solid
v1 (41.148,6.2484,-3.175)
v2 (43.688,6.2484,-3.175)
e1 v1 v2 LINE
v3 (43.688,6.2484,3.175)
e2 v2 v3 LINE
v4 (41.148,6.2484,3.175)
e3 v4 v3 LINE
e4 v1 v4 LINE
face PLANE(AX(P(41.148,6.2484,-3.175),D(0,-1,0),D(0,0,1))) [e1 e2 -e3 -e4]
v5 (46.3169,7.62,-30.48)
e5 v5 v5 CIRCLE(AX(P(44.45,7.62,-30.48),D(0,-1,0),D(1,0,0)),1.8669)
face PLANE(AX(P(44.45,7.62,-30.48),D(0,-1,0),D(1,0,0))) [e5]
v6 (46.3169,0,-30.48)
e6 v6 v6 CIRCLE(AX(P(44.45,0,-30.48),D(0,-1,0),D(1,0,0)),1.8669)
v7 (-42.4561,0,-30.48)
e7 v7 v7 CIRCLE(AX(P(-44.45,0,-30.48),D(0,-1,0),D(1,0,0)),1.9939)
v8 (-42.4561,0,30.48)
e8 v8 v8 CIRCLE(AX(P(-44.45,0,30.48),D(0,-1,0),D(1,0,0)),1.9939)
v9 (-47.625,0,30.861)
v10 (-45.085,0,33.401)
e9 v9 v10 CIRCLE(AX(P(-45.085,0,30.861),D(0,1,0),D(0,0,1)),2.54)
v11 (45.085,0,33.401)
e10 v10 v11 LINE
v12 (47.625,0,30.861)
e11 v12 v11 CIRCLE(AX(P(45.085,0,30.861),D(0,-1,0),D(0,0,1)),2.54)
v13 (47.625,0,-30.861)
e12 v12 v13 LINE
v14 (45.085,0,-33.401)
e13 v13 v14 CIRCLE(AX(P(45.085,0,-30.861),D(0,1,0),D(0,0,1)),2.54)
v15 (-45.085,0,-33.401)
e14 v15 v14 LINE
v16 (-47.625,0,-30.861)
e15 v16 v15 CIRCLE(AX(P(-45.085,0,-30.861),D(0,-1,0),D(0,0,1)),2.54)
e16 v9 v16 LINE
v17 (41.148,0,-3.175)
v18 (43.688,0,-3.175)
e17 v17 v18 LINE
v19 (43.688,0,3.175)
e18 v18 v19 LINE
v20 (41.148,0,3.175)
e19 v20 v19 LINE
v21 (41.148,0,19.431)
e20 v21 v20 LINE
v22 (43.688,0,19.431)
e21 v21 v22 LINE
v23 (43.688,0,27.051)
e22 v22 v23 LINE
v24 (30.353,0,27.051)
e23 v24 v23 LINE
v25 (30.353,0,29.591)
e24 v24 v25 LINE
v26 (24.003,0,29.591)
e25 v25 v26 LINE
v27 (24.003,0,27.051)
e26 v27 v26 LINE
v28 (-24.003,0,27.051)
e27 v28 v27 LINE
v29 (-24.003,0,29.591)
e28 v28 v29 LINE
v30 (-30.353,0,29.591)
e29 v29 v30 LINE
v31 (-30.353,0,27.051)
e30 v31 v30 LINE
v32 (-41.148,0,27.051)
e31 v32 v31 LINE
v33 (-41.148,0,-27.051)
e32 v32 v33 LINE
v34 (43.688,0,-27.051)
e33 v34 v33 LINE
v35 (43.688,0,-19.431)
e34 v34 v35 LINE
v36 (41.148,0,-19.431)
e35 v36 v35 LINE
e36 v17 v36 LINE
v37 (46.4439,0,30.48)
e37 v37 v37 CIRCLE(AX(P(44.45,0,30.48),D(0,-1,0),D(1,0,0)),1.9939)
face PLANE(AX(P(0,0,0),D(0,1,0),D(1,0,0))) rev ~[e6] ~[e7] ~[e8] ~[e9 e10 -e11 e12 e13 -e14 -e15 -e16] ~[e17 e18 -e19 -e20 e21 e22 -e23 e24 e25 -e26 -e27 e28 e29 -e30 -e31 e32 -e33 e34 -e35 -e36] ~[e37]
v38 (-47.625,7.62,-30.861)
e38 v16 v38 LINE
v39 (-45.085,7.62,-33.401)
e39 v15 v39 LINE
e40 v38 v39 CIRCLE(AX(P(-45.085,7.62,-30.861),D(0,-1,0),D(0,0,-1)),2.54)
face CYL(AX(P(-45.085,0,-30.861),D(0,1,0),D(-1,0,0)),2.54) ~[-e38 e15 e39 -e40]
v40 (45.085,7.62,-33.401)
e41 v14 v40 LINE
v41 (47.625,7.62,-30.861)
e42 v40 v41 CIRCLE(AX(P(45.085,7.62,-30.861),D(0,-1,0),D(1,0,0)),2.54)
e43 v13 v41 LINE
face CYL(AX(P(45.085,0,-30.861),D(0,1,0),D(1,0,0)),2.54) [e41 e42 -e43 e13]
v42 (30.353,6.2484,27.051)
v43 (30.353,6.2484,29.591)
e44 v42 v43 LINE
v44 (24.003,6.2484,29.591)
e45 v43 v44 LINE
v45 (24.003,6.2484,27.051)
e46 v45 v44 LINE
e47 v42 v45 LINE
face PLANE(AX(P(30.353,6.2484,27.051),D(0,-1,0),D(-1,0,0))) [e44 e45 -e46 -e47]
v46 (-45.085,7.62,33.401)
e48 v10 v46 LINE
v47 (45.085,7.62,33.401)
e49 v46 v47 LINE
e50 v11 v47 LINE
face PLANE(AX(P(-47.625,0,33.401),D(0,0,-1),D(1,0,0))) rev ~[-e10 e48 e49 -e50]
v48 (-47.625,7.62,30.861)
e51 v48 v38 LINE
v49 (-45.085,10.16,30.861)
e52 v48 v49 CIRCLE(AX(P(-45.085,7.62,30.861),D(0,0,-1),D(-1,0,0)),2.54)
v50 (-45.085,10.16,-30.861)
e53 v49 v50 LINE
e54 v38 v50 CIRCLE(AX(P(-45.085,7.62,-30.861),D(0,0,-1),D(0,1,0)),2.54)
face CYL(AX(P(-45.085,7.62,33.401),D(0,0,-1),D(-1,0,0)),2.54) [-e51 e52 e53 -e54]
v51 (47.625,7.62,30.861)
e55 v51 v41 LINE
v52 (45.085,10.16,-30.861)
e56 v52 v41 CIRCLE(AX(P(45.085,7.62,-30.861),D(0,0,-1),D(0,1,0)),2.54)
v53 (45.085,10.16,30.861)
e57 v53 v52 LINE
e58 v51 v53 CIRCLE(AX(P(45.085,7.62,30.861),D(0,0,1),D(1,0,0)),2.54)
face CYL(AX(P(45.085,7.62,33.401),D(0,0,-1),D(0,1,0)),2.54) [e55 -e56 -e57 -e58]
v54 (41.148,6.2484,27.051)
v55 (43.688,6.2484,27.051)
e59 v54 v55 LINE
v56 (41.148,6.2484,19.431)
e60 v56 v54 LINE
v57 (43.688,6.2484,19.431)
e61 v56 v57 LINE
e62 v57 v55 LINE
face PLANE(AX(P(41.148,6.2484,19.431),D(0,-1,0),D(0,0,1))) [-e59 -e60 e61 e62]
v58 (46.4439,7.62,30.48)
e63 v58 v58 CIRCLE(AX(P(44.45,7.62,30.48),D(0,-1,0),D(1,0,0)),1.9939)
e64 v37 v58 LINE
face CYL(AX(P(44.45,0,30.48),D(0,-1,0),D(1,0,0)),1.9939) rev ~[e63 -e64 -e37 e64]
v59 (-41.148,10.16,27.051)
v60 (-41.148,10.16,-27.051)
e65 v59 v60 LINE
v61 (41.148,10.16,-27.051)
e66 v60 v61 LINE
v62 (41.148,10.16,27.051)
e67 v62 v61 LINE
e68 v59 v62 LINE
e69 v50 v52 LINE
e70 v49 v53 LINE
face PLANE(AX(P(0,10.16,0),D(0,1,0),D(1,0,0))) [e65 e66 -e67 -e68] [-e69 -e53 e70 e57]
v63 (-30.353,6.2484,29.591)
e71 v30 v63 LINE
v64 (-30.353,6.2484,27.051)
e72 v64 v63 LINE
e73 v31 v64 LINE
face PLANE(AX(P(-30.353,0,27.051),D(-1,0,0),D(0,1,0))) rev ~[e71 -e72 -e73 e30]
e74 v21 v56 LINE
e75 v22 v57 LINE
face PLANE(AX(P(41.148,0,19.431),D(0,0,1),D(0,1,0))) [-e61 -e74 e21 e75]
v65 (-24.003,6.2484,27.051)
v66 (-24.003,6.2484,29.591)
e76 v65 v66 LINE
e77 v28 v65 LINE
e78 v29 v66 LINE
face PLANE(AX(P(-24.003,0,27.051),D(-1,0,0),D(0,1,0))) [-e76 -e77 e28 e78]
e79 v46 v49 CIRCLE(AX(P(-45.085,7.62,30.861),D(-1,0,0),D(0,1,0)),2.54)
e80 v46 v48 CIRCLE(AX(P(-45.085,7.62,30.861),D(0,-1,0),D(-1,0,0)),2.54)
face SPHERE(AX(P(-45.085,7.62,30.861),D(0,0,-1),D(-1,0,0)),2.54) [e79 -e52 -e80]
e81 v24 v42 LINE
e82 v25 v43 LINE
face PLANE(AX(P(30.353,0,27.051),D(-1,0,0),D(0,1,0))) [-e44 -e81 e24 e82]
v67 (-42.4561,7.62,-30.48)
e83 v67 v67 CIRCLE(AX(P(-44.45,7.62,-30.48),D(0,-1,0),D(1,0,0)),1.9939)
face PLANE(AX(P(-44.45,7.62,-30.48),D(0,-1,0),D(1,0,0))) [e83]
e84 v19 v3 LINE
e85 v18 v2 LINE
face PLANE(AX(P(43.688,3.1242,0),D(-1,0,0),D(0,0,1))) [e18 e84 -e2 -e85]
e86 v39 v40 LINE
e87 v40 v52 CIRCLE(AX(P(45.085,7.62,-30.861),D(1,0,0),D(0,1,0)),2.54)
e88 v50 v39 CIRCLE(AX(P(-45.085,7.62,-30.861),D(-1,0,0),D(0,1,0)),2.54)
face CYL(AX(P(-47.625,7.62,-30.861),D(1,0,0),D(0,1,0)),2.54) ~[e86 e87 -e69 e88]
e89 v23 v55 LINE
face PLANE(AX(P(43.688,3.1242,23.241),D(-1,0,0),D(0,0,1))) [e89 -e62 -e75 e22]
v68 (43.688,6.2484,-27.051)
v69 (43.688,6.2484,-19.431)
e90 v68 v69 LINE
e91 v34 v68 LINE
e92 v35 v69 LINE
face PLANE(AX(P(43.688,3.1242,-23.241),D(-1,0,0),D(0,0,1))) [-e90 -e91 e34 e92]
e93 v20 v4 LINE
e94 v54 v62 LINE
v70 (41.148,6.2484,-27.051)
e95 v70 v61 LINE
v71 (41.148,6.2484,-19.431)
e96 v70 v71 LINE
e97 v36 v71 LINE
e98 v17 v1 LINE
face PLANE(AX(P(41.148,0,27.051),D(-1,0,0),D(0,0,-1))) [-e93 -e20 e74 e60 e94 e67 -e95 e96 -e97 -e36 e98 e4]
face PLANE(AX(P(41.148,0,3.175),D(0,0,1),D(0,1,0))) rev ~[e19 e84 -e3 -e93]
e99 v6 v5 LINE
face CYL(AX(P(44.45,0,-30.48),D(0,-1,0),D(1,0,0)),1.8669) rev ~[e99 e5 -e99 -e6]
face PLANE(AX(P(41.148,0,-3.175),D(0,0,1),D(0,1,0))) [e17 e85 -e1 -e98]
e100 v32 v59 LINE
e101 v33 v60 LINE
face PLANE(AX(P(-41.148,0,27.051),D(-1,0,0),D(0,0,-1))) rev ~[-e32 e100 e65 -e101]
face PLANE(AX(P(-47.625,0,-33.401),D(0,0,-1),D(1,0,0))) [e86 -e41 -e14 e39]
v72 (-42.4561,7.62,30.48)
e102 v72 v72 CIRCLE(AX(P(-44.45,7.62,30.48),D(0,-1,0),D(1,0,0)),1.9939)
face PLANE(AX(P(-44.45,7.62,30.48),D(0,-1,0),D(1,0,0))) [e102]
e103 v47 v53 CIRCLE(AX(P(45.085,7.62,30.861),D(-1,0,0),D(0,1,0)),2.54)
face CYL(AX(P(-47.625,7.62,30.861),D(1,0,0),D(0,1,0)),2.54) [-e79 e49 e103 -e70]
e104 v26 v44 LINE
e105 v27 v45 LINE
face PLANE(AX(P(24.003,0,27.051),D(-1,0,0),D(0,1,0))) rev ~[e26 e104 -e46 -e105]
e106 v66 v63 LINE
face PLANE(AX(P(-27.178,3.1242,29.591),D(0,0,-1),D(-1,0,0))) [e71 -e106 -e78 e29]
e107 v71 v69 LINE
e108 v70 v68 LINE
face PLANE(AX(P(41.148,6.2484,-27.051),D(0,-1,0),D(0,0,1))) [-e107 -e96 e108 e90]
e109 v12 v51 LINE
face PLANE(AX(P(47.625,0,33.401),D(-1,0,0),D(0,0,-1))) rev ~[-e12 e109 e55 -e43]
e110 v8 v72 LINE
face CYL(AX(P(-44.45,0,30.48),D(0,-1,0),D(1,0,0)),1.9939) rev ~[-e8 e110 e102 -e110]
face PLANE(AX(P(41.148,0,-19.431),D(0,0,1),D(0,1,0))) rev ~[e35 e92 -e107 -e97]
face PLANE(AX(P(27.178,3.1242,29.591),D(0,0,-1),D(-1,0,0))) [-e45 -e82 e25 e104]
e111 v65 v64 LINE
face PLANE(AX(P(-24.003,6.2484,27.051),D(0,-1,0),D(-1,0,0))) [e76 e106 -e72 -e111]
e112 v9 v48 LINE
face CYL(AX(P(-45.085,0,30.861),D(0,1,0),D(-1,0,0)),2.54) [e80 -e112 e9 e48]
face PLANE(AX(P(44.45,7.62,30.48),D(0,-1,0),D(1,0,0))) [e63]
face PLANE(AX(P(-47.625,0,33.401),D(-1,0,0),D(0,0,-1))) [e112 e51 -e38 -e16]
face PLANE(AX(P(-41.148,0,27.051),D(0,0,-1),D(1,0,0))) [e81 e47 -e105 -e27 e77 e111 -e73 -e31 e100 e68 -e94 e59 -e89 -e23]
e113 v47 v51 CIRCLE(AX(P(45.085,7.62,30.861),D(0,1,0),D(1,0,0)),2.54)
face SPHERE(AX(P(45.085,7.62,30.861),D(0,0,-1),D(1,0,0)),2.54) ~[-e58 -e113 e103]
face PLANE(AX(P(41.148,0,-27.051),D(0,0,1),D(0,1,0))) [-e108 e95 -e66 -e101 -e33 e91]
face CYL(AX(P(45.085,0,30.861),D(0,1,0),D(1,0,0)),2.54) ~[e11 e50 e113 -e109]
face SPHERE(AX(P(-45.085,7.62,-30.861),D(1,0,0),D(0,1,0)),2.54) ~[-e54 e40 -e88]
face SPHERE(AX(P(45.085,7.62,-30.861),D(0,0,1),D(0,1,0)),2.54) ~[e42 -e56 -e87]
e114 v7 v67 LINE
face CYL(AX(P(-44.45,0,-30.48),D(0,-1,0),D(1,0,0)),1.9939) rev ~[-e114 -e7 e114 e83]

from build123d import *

# Parameters (mm, degrees)
SKETCH2_W           = 95.25
SKETCH2_H           = 66.802
SKETCH2_W_2         = 82.296
SKETCH2_H_2         = 54.102
BOSS_EXTRUDE1_DEPTH = 10.16
SKETCH3_R           = 1.9939
SKETCH3_R_2         = 1.8669
CUT_EXTRUDE1_DEPTH  = 7.62
SKETCH4_W           = 6.35
SKETCH4_H           = 6.2484
CUT_EXTRUDE2_DEPTH  = 2.54
SKETCH6_W           = 7.62
SKETCH6_H           = 6.2484
SKETCH6_W_2         = 6.35
CUT_EXTRUDE3_DEPTH  = 2.54
FILLET1_R           = 2.54


with BuildPart() as part:
    # Sketch2 → Boss-Extrude1 (new body)
    with BuildSketch(Plane(origin=(0, 0, 0), x_dir=(1, 0, 0), z_dir=(0, 1, 0))):
        Rectangle(SKETCH2_W, SKETCH2_H)
        Rectangle(SKETCH2_W_2, SKETCH2_H_2, mode=Mode.SUBTRACT)
    extrude(amount=BOSS_EXTRUDE1_DEPTH)

    # Sketch3 → Cut-Extrude1 (cut)
    with BuildSketch(Plane.XZ):
        with Locations((-44.45, 30.48)):
            Circle(SKETCH3_R)
        with Locations((44.45, 30.48)):
            Circle(SKETCH3_R)
        with Locations((44.45, -30.48)):
            Circle(SKETCH3_R_2)
        with Locations((-44.45, -30.48)):
            Circle(SKETCH3_R)
    extrude(amount=-CUT_EXTRUDE1_DEPTH, mode=Mode.SUBTRACT)

    # Sketch4 → Cut-Extrude2 (cut)
    with BuildSketch(Plane(origin=(0, 0, 27.051), x_dir=(-1, 0, 0), z_dir=(0, 0, -1))):
        with Locations((27.178, 3.1242)):
            Rectangle(SKETCH4_W, SKETCH4_H)
        with Locations((-27.178, 3.1242)):
            Rectangle(SKETCH4_W, SKETCH4_H)
    extrude(amount=-CUT_EXTRUDE2_DEPTH, mode=Mode.SUBTRACT)

    # Sketch6 → Cut-Extrude3 (cut)
    with BuildSketch(Plane.ZY.offset(-41.148)):
        with Locations((-23.241, 3.1242)):
            Rectangle(SKETCH6_W, SKETCH6_H)
        with Locations((23.241, 3.1242)):
            Rectangle(SKETCH6_W, SKETCH6_H)
        with Locations((0, 3.1242)):
            Rectangle(SKETCH6_W_2, SKETCH6_H)
    extrude(amount=-CUT_EXTRUDE3_DEPTH, mode=Mode.SUBTRACT)

    # Fillet1
    fillet1_edges = [part.edges().sort_by_distance(p)[0] for p in [
        (47.625, 10.16, 0),
        (0, 10.16, -33.401),
        (-47.625, 10.16, 0),
        (-47.625, 5.08, -33.401),
        (47.625, 5.08, -33.401),
        (47.625, 5.08, 33.401),
        (-47.625, 5.08, 33.401),
        (0, 10.16, 33.401),
    ]]
    fillet(fillet1_edges, radius=FILLET1_R)


solid = part.part
